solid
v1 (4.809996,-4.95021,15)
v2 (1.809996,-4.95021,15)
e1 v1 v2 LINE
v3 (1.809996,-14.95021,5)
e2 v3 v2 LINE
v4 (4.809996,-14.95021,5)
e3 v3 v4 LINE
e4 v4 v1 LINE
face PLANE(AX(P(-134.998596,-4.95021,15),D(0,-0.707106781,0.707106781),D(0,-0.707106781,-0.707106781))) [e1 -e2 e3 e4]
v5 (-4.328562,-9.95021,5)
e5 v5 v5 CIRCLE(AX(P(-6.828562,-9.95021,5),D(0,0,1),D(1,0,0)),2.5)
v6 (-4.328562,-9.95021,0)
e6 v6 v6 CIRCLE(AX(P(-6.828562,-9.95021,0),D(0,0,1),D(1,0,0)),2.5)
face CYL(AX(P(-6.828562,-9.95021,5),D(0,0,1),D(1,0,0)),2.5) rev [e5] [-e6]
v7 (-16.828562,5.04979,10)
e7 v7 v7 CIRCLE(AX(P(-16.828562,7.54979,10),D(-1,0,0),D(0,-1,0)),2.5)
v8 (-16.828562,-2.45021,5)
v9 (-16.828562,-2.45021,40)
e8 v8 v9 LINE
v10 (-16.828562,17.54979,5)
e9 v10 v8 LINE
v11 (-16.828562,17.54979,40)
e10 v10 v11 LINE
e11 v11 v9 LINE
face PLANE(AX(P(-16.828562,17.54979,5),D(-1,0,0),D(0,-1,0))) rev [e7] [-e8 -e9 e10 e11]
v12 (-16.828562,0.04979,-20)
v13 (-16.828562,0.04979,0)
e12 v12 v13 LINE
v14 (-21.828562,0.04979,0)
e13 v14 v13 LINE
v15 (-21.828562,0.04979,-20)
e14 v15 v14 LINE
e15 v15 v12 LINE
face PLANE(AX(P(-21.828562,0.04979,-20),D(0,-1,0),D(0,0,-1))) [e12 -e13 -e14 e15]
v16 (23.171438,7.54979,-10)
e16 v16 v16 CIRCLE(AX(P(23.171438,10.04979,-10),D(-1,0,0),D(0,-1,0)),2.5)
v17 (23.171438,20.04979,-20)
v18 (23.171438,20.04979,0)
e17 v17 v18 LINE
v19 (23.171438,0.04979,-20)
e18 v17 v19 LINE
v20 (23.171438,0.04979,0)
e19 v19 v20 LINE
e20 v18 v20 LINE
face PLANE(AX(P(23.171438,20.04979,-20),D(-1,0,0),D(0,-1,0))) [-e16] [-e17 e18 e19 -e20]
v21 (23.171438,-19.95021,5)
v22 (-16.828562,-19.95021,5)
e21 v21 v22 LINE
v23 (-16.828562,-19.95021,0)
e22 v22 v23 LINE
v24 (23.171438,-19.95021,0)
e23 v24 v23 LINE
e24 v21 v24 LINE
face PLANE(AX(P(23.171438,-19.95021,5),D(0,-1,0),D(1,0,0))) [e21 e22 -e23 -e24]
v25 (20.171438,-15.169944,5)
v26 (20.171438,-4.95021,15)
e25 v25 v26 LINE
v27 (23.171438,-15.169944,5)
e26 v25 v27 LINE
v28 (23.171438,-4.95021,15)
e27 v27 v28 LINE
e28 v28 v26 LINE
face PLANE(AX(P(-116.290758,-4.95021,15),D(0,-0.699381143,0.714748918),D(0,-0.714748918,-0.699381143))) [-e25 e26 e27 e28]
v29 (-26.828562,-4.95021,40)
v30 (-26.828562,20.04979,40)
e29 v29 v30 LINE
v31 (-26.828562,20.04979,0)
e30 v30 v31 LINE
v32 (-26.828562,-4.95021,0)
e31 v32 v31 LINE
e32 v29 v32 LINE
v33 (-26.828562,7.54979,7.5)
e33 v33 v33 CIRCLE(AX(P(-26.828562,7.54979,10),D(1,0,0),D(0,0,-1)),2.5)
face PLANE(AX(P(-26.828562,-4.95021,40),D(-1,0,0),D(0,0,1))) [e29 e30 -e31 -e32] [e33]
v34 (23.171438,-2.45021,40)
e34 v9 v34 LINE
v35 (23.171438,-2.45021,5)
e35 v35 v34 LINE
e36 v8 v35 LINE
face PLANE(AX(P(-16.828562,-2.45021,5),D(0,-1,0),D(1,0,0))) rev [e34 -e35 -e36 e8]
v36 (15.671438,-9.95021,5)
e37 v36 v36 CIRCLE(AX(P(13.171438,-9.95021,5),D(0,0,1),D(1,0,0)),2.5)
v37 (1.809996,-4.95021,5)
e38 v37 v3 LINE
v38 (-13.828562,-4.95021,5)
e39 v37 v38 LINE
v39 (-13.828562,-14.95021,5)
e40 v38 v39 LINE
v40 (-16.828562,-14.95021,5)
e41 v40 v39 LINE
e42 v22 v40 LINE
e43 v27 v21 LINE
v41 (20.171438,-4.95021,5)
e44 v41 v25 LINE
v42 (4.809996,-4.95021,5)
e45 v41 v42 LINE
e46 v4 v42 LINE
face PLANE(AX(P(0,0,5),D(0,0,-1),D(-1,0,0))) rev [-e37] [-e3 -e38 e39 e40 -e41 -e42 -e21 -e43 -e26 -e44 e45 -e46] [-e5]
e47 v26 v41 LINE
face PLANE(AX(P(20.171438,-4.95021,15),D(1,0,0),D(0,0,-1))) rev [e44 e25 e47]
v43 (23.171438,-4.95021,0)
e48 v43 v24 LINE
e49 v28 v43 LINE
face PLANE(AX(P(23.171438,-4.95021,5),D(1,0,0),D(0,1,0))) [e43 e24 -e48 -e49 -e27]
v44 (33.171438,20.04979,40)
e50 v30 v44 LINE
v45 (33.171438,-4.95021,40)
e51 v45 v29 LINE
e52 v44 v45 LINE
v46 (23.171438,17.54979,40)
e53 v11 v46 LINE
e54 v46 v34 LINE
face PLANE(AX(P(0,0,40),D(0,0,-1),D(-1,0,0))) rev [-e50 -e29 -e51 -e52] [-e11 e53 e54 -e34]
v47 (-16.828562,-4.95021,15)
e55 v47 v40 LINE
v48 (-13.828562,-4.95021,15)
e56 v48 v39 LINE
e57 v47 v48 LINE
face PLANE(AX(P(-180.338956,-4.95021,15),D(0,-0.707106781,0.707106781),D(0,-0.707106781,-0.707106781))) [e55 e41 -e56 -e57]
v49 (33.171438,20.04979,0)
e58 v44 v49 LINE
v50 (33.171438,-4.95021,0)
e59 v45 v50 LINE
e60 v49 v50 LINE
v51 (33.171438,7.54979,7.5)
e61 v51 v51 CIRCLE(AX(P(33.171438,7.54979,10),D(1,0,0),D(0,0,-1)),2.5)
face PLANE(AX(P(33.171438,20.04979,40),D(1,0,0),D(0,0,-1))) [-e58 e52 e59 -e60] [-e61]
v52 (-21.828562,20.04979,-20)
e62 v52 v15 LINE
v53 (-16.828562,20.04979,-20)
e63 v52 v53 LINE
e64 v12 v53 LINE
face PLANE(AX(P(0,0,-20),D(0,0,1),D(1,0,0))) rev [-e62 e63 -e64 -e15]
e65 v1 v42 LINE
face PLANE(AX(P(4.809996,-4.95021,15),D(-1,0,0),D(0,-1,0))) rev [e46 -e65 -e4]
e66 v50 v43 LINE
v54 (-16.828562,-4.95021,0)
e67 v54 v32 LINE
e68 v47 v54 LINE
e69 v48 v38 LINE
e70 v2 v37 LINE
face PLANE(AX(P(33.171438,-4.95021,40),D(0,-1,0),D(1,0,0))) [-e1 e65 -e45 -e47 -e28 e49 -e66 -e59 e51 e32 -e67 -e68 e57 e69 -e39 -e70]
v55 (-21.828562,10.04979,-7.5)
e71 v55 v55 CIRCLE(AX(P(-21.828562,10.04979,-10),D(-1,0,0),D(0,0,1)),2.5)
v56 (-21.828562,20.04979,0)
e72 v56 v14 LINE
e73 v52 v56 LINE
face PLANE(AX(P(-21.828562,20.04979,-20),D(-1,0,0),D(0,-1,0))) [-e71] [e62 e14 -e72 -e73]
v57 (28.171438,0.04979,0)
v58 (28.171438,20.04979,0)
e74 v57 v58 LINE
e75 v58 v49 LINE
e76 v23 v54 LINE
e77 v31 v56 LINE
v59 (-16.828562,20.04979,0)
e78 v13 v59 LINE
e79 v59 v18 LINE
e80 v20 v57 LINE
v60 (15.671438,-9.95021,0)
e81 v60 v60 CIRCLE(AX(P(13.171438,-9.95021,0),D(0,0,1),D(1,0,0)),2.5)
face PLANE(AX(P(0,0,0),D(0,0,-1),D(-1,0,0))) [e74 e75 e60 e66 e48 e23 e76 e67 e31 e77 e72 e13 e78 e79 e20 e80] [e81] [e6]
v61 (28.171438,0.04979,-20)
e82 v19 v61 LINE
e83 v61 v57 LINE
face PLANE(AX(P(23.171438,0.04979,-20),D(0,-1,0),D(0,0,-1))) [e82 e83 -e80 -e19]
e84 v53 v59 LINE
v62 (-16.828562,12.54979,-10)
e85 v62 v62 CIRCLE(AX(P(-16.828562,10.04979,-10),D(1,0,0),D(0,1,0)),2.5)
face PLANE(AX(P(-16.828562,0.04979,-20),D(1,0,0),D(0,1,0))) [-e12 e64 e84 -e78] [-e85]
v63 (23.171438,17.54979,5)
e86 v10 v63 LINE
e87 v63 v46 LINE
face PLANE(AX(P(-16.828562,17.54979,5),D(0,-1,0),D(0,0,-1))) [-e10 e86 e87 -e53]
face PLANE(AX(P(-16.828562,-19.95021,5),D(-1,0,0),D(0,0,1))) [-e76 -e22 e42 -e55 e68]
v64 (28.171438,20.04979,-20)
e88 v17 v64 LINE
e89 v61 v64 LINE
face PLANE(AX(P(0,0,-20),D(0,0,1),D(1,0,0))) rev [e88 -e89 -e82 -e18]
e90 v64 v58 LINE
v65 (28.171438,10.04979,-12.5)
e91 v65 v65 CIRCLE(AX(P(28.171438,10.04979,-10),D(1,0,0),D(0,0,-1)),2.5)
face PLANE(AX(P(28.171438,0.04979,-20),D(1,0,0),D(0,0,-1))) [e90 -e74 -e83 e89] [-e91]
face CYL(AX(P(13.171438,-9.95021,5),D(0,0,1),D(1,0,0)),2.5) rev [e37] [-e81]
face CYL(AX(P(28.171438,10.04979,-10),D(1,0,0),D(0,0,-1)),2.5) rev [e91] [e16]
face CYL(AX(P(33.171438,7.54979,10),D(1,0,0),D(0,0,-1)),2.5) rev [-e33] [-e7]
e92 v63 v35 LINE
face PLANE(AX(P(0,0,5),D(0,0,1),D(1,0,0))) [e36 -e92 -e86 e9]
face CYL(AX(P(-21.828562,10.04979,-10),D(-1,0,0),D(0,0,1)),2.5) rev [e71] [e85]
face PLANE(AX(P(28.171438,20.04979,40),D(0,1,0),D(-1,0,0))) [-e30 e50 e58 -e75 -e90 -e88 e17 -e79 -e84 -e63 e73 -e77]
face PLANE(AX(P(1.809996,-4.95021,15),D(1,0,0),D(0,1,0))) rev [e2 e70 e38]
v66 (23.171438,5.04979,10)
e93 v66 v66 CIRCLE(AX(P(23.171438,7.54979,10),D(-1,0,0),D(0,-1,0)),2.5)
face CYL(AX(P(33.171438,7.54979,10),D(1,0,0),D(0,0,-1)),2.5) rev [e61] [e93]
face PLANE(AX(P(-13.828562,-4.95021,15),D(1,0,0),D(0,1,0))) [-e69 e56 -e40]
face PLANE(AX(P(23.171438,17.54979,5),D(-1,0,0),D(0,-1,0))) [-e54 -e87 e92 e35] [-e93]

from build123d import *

# Parameters (mm, degrees)
ESQUISSE1_W                       = 40
ESQUISSE1_H                       = 15
BOSS_EXTRU_2_DEPTH                = 5
DIAM_TRE_DU_PER_AGE_5_0_5_1_D     = 5
DIAM_TRE_DU_PER_AGE_5_0_5_2_D     = 5
BOSS_EXTRU_3_DEPTH                = 40
ESQUISSE1_8_W                     = 5
ESQUISSE1_8_H                     = 20
BOSS_EXTRU_4_DEPTH                = 20
ESQUISSE1_9_W                     = 5
ESQUISSE1_9_H                     = 20
BOSS_EXTRU_5_DEPTH                = 20
DIAM_TRE_DU_PER_AGE_5_0_5_7_D     = 5
DIAM_TRE_DU_PER_AGE_5_0_5_7_DEPTH = 5
DIAM_TRE_DU_PER_AGE_5_0_5_8_D     = 5
DIAM_TRE_DU_PER_AGE_5_0_5_8_DEPTH = 5
ESQUISSE30_W                      = 40
ESQUISSE30_H                      = 20
ENL_V_MAT_EXTRU_1_DEPTH           = 35
DIAM_TRE_DU_PER_AGE_5_0_5_10_D    = 5
ESQUISSE37_W                      = 3
ESQUISSE37_H                      = 10
BOSS_EXTRU_6_DEPTH                = 10
ESQUISSE37_5_W                    = 3
ESQUISSE37_5_H                    = 10
ESQUISSE37_5_H_2                  = 10.219733904
BOSS_EXTRU_7_DEPTH                = 10
ENL_V_MAT_EXTRU_4_DEPTH           = 11
ENL_V_MAT_EXTRU_4_DEPTH_BACK      = 3
ENL_V_MAT_EXTRU_5_DEPTH           = 29.638558357
ENL_V_MAT_EXTRU_5_DEPTH_BACK      = 3
ENL_V_MAT_EXTRU_6_DEPTH           = 48
ENL_V_MAT_EXTRU_6_DEPTH_BACK      = 3


with BuildPart() as part:
    # Esquisse1 → Boss.-Extru.2 (new body)
    with BuildSketch(Plane.XY):
        with Locations((3.171437827, -12.450210199)):
            Rectangle(ESQUISSE1_W, ESQUISSE1_H)
    extrude(amount=BOSS_EXTRU_2_DEPTH)

    # Diamètre du perçage Ø5.0 (5)1 (through all)
    with Locations(Plane.XY.offset(5)):
        with Locations((13.171437827, -9.950210199)):
            Hole(DIAM_TRE_DU_PER_AGE_5_0_5_1_D / 2)

    # Diamètre du perçage Ø5.0 (5)2 (through all)
    with Locations(Plane.XY.offset(5)):
        with Locations((-6.828562173, -9.950210199)):
            Hole(DIAM_TRE_DU_PER_AGE_5_0_5_2_D / 2)

    # Esquisse1<6> → Boss.-Extru.3 (add)
    with BuildSketch(Plane.XY):
        Polygon((-16.828562173, 20.049789801), (23.171437827, 20.049789801), (28.171437827, 20.049789801), (33.171437827, 20.049789801), (33.171437827, -4.950210199), (23.171437827, -4.950210199), (-16.828562173, -4.950210199), (-26.828562173, -4.950210199), (-26.828562173, 20.049789801), (-21.828562173, 20.049789801), align=None)
    extrude(amount=BOSS_EXTRU_3_DEPTH)

    # Esquisse1<8> → Boss.-Extru.4 (add)
    with BuildSketch(Plane.XY):
        with Locations((25.671437827, 10.049789801)):
            Rectangle(ESQUISSE1_8_W, ESQUISSE1_8_H)
    extrude(amount=-BOSS_EXTRU_4_DEPTH)

    # Esquisse1<9> → Boss.-Extru.5 (add)
    with BuildSketch(Plane.XY):
        with Locations((-19.328562173, 10.049789801)):
            Rectangle(ESQUISSE1_9_W, ESQUISSE1_9_H)
    extrude(amount=-BOSS_EXTRU_5_DEPTH)

    # Diamètre du perçage Ø5.0 (5)7
    with Locations(Plane(origin=(28.171437827, 0, 0), x_dir=(0, 0, -1), z_dir=(1, 0, 0))):
        with Locations((10, 10.049789801)):
            Hole(DIAM_TRE_DU_PER_AGE_5_0_5_7_D / 2, depth=DIAM_TRE_DU_PER_AGE_5_0_5_7_DEPTH)

    # Diamètre du perçage Ø5.0 (5)8
    with Locations(Plane.ZY.offset(21.828562173)):
        with Locations((-10, 10.049789801)):
            Hole(DIAM_TRE_DU_PER_AGE_5_0_5_8_D / 2, depth=DIAM_TRE_DU_PER_AGE_5_0_5_8_DEPTH)

    # Esquisse30 → Enlèv. mat.-Extru.1 (cut)
    with BuildSketch(Plane.XY.offset(40)):
        with Locations((3.171437827, 7.549789801)):
            Rectangle(ESQUISSE30_W, ESQUISSE30_H)
    extrude(amount=-ENL_V_MAT_EXTRU_1_DEPTH, mode=Mode.SUBTRACT)

    # Diamètre du perçage Ø5.0 (5)10 (through all)
    with Locations(Plane(origin=(33.171437827, 0, 0), x_dir=(0, 0, -1), z_dir=(1, 0, 0))):
        with Locations((-10, 7.549789801)):
            Hole(DIAM_TRE_DU_PER_AGE_5_0_5_10_D / 2)

    # Esquisse37 → Boss.-Extru.6 (add)
    with BuildSketch(Plane.XY.offset(5)):
        with Locations((-15.328562173, -9.950210199)):
            Rectangle(ESQUISSE37_W, ESQUISSE37_H)
    extrude(amount=BOSS_EXTRU_6_DEPTH)

    # Esquisse37<5> → Boss.-Extru.7 (add)
    with BuildSketch(Plane.XY.offset(5)):
        with Locations((-15.328562173, -9.950210199)):
            Rectangle(ESQUISSE37_5_W, ESQUISSE37_5_H)
        with Locations((21.671437827, -10.060077151)):
            Rectangle(ESQUISSE37_5_W, ESQUISSE37_5_H_2)
        with Locations((3.309996184, -9.950210199)):
            Rectangle(ESQUISSE37_5_W, ESQUISSE37_5_H)
    extrude(amount=BOSS_EXTRU_7_DEPTH)

    # Esquisse38 → Enlèv. mat.-Extru.4 (cut, two sides)
    with BuildSketch(Plane.ZY.offset(16.828562173)) as enl_v_mat_extru_4_sk:
        Polygon((15, -14.950210199), (15, -4.950210199), (5, -14.950210199), align=None)
    extrude(amount=ENL_V_MAT_EXTRU_4_DEPTH, mode=Mode.SUBTRACT)
    extrude(enl_v_mat_extru_4_sk.sketch, amount=-ENL_V_MAT_EXTRU_4_DEPTH_BACK, mode=Mode.SUBTRACT)

    # Esquisse40 → Enlèv. mat.-Extru.5 (cut, two sides)
    with BuildSketch(Plane.ZY.offset(-1.809996184)) as enl_v_mat_extru_5_sk:
        Polygon((15, -14.950210199), (15, -4.950210199), (5, -14.950210199), align=None)
    extrude(amount=ENL_V_MAT_EXTRU_5_DEPTH, mode=Mode.SUBTRACT)
    extrude(enl_v_mat_extru_5_sk.sketch, amount=-ENL_V_MAT_EXTRU_5_DEPTH_BACK, mode=Mode.SUBTRACT)

    # Esquisse41 → Enlèv. mat.-Extru.6 (cut, two sides)
    with BuildSketch(Plane.ZY.offset(-20.171437827)) as enl_v_mat_extru_6_sk:
        Polygon((15, -15.169944103), (15, -4.950210199), (5, -15.169944103), align=None)
    extrude(amount=ENL_V_MAT_EXTRU_6_DEPTH, mode=Mode.SUBTRACT)
    extrude(enl_v_mat_extru_6_sk.sketch, amount=-ENL_V_MAT_EXTRU_6_DEPTH_BACK, mode=Mode.SUBTRACT)


solid = part.part
